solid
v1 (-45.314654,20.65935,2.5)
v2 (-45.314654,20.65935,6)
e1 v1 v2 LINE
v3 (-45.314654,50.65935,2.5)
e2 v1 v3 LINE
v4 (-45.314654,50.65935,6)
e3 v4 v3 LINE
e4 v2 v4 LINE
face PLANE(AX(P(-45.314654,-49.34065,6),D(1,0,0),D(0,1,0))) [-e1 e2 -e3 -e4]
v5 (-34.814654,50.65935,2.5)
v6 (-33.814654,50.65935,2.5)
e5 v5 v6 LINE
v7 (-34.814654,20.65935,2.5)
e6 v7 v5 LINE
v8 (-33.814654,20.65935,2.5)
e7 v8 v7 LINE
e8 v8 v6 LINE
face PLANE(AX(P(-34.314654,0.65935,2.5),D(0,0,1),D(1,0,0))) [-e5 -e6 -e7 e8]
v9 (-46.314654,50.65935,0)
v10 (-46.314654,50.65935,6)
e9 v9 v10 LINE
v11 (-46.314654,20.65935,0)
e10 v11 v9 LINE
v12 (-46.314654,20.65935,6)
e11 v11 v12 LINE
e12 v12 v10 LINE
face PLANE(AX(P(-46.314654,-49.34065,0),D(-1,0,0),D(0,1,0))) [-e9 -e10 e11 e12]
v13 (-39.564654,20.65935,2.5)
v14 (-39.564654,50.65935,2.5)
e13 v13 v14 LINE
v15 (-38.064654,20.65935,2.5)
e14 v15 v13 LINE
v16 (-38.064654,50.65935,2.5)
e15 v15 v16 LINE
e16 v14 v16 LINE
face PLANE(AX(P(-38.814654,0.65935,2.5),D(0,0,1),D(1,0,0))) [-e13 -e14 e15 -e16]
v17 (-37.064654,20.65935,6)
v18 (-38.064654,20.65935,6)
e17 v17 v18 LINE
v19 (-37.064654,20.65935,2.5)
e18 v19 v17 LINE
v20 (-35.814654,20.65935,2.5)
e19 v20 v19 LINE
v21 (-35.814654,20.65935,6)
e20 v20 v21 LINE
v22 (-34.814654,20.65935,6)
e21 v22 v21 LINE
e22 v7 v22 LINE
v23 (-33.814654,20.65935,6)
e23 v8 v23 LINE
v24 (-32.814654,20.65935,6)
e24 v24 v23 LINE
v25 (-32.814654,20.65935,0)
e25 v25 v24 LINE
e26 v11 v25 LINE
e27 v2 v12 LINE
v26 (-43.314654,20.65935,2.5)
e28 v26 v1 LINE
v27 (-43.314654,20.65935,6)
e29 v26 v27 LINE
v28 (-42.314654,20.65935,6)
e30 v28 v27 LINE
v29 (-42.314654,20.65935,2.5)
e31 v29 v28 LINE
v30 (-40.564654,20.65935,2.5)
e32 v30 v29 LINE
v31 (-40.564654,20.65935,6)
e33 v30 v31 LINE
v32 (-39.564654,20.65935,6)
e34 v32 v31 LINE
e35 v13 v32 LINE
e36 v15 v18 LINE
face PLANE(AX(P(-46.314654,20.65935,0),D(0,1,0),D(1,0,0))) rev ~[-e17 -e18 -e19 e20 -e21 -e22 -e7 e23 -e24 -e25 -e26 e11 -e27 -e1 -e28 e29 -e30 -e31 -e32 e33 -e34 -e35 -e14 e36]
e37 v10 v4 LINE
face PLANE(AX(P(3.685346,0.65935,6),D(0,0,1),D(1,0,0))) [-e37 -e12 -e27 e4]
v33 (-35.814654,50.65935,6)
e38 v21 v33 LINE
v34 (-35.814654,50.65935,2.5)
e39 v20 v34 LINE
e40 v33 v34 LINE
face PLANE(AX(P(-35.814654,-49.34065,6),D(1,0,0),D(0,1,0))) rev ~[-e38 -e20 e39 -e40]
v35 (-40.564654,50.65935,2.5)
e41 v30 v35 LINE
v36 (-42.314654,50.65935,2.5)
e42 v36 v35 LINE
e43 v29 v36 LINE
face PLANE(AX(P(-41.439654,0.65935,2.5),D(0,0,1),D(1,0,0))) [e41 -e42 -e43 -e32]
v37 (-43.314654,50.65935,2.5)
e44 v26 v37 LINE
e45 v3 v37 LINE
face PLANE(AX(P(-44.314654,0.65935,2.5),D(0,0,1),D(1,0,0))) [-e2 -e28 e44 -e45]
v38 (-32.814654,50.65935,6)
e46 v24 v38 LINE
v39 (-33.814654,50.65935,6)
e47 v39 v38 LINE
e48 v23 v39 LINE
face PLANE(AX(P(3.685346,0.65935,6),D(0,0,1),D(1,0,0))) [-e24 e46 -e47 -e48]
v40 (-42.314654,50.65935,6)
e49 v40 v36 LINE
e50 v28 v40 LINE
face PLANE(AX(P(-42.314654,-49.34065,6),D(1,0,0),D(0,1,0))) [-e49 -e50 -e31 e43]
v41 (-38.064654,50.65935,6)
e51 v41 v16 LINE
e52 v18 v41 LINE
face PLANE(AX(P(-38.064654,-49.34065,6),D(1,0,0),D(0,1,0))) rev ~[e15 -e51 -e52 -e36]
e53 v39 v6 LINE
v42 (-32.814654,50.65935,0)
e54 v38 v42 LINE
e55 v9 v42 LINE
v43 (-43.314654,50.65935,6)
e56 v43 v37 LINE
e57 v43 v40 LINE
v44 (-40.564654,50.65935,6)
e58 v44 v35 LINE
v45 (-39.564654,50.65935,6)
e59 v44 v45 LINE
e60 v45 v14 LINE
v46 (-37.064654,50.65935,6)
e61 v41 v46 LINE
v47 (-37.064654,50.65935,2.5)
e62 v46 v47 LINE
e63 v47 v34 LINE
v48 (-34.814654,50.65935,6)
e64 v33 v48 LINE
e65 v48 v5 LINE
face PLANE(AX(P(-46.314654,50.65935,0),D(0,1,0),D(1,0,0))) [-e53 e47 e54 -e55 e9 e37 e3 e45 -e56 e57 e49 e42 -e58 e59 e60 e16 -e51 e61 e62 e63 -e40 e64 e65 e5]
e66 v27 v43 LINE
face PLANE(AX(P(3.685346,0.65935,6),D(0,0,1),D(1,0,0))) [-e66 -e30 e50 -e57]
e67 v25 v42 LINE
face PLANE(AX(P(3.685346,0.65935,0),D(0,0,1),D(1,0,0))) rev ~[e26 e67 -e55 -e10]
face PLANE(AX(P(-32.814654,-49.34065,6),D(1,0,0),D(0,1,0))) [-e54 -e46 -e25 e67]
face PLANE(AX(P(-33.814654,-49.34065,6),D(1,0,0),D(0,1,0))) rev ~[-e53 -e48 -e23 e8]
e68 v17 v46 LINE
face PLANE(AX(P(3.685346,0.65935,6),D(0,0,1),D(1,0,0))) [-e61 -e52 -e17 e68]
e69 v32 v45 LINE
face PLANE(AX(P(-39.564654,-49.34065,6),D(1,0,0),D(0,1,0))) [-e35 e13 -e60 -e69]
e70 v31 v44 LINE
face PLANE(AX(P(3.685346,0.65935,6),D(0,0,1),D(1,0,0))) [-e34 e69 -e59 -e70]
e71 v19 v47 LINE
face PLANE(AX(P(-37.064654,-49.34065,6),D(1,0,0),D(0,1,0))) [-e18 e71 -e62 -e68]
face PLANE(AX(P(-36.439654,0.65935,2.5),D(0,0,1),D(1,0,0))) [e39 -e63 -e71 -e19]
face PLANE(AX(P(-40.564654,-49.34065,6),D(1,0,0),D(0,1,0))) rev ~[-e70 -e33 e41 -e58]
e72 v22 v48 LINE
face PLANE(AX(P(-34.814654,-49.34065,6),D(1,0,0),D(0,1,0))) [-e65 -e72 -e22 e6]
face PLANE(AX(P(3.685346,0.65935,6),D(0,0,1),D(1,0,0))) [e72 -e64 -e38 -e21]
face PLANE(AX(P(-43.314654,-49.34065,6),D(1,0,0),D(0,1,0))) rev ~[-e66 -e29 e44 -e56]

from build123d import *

# Parameters (mm, degrees)
F0_W     = 100
F0_H     = 100
F1_DEPTH = 6
F2_W     = 2
F2_H     = 100
F2_W_2   = 1.75
F2_W_3   = 1.5
F2_W_4   = 1.25
F2_W_5   = 1
F3_DEPTH = 3.5
F4_W     = 86.5
F4_H     = 100
F5_DEPTH = 25
F6_W     = 13.5
F6_H     = 70
F7_DEPTH = 25


with BuildPart() as f1:
    # F0 (on Top) → F1 (new body)
    with BuildSketch(Plane.XY):
        with Locations((3.685346, 0.65935)):
            Rectangle(F0_W, F0_H)
    extrude(amount=F1_DEPTH)

    # F2 (on face) → F3 (cut)
    with BuildSketch(Plane.XY.offset(6)):
        with Locations((-44.314654, 0.65935)):
            Rectangle(F2_W, F2_H)
        with Locations((-41.439654, 0.65935)):
            Rectangle(F2_W_2, F2_H)
        with Locations((-38.814654, 0.65935)):
            Rectangle(F2_W_3, F2_H)
        with Locations((-36.439654, 0.65935)):
            Rectangle(F2_W_4, F2_H)
        with Locations((-34.314654, 0.65935)):
            Rectangle(F2_W_5, F2_H)
    extrude(amount=-F3_DEPTH, mode=Mode.SUBTRACT)

    # F4 (on face) → F5 (cut)
    with BuildSketch(Plane.XY.offset(6)):
        with Locations((10.435346, 0.65935)):
            Rectangle(F4_W, F4_H)
    extrude(amount=-F5_DEPTH, mode=Mode.SUBTRACT)

    # F6 (on face) → F7 (cut)
    with BuildSketch(Plane(origin=(0, 0, 0), x_dir=(1, 0, 0), z_dir=(0, 0, -1))):
        with Locations((-39.564654, 14.34065)):
            Rectangle(F6_W, F6_H)
    extrude(amount=-F7_DEPTH, mode=Mode.SUBTRACT)


solid = f1.part
